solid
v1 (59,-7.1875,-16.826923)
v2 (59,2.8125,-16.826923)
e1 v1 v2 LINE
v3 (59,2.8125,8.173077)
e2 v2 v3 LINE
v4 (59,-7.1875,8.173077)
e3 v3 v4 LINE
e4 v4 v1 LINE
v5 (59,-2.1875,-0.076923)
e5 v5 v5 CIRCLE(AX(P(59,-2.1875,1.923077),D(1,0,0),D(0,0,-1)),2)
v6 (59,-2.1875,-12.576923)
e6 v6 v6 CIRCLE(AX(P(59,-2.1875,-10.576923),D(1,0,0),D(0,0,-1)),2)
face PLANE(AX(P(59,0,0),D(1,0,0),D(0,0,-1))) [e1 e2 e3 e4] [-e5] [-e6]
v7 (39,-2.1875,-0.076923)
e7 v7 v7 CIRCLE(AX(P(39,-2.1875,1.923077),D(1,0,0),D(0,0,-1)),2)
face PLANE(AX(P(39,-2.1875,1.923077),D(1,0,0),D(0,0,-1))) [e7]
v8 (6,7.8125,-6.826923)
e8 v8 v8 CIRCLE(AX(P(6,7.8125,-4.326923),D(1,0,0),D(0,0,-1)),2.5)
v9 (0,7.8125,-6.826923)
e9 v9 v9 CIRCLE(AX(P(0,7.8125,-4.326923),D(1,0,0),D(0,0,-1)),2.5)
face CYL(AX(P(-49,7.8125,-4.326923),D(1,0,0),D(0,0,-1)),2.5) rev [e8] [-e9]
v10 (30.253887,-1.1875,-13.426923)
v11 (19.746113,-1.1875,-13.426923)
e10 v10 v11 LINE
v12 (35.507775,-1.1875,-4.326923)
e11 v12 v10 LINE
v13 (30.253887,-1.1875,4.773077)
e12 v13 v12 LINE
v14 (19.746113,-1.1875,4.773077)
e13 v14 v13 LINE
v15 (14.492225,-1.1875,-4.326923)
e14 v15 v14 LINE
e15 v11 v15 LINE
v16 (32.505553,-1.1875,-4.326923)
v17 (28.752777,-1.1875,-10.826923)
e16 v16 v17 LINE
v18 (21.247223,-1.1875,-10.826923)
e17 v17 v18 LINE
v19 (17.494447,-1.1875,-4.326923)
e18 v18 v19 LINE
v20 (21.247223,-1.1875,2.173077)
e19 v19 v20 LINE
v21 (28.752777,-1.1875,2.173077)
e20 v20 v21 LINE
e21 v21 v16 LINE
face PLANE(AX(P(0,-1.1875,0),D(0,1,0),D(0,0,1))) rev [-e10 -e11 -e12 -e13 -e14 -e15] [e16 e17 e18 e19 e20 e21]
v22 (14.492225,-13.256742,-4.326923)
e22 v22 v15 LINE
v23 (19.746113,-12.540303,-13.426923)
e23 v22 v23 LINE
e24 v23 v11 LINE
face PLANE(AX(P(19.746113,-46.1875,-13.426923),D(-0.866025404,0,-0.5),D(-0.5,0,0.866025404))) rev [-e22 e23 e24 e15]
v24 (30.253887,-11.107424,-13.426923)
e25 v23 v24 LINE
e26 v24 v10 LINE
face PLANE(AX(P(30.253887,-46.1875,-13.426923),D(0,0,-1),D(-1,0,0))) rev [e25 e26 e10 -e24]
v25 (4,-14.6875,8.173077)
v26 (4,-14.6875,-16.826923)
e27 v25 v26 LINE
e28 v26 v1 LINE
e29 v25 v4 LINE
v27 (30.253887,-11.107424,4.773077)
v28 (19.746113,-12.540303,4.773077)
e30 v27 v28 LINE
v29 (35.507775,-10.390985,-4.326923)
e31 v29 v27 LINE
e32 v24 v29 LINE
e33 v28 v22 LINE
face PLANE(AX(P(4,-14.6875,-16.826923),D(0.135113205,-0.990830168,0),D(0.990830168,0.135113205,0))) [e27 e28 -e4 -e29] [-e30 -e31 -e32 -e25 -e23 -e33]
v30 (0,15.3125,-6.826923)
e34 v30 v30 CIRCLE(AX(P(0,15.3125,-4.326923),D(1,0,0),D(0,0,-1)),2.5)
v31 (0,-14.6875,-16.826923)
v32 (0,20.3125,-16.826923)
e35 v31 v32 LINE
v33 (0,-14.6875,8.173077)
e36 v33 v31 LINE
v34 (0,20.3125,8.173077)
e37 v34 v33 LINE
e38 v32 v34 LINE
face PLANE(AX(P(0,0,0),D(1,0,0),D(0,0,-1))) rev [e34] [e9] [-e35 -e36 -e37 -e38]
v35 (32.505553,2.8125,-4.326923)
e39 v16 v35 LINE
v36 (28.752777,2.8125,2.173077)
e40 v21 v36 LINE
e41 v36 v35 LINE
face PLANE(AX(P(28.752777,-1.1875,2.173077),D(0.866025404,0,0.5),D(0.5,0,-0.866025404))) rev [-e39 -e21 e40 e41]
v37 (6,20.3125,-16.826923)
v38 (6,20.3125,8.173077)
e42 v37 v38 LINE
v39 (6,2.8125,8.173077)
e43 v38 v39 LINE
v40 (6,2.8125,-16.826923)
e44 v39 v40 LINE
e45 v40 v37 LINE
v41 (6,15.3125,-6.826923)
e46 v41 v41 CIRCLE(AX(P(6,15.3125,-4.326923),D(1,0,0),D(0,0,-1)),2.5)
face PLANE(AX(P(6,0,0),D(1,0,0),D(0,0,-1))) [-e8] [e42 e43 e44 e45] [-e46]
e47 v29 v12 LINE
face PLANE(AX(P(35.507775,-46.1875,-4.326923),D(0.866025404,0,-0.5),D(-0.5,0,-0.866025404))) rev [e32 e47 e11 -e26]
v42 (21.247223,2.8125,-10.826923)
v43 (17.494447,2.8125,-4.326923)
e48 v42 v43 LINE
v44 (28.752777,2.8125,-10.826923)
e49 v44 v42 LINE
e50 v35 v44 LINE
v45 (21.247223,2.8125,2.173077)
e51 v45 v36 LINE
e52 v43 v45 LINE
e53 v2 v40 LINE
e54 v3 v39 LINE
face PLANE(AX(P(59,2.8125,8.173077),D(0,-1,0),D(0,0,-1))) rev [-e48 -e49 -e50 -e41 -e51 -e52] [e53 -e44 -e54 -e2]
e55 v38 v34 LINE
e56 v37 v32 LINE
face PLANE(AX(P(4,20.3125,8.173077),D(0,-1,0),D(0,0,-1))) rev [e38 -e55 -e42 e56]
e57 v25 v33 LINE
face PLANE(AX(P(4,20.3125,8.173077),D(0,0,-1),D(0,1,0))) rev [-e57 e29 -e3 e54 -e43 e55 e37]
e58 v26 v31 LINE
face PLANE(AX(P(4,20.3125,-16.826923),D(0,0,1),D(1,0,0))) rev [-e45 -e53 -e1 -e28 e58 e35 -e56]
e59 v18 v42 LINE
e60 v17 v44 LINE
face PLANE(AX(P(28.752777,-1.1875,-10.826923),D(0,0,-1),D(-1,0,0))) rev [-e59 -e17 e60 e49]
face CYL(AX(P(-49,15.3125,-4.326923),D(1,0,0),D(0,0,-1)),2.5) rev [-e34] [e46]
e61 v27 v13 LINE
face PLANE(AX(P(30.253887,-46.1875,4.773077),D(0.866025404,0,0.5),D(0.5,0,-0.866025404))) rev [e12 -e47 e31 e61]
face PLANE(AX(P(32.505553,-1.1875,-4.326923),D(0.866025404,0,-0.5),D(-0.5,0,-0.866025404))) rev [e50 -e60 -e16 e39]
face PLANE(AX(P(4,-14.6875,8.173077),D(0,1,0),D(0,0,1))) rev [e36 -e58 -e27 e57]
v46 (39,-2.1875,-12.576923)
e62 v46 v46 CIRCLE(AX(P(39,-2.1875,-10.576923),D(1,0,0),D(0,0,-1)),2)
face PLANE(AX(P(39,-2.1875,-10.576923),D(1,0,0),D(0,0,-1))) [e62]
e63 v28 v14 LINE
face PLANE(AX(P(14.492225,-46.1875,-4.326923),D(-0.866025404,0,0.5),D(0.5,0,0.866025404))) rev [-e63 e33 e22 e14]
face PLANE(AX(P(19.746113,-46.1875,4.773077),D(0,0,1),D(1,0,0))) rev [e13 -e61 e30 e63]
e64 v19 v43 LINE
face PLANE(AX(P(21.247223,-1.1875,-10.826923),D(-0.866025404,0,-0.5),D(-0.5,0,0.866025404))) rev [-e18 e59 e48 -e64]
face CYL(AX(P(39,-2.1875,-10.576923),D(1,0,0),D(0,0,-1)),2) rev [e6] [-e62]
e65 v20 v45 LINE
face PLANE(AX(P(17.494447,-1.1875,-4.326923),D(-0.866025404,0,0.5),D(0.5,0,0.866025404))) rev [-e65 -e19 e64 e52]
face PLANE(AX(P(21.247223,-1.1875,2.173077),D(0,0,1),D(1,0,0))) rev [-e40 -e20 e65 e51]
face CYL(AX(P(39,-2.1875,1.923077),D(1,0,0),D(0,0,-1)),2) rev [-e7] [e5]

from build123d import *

# Parameters (mm, degrees)
CROQUIS3_W              = 25
CROQUIS3_H              = 35
SALIENTE_EXTRUIR2_DEPTH = 4
CROQUIS5_W              = 25
CROQUIS5_H              = 17.5
SALIENTE_EXTRUIR3_DEPTH = 2
CROQUIS7_W              = 25
CROQUIS7_H              = 10
SALIENTE_EXTRUIR5_DEPTH = 55
CROQUIS8_R              = 2.5
CORTAR_EXTRUIR1_DEPTH   = 55
SALIENTE_EXTRUIR6_DEPTH = 25
CORTAR_EXTRUIR3_DEPTH   = 4
CROQUIS11_R             = 2
CORTAR_EXTRUIR4_DEPTH   = 20
CORTAR_EXTRUIR5_DEPTH   = 45


with BuildPart() as part:
    # Croquis3 → Saliente-Extruir2 (new body)
    with BuildSketch(Plane(origin=(0, 0, 0), x_dir=(0, 0, -1), z_dir=(1, 0, 0))):
        with Locations((4.326923077, 2.8125)):
            Rectangle(CROQUIS3_W, CROQUIS3_H)
    extrude(amount=SALIENTE_EXTRUIR2_DEPTH)

    # Croquis5 → Saliente-Extruir3 (add)
    with BuildSketch(Plane(origin=(4, 0, 0), x_dir=(0, 0, -1), z_dir=(1, 0, 0))):
        with Locations((4.326923077, 11.5625)):
            Rectangle(CROQUIS5_W, CROQUIS5_H)
    extrude(amount=SALIENTE_EXTRUIR3_DEPTH)

    # Croquis7 → Saliente-Extruir5 (add)
    with BuildSketch(Plane(origin=(4, 0, 0), x_dir=(0, 0, -1), z_dir=(1, 0, 0))):
        with Locations((4.326923077, -2.1875)):
            Rectangle(CROQUIS7_W, CROQUIS7_H)
    extrude(amount=SALIENTE_EXTRUIR5_DEPTH)

    # Croquis8 → Cortar-Extruir1 (cut)
    with BuildSketch(Plane(origin=(6, 0, 0), x_dir=(0, 0, -1), z_dir=(1, 0, 0))):
        with Locations((4.326923077, 15.3125)):
            Circle(CROQUIS8_R)
        with Locations((4.326923077, 7.8125)):
            Circle(CROQUIS8_R)
    extrude(amount=-CORTAR_EXTRUIR1_DEPTH, mode=Mode.SUBTRACT)

    # Croquis10 → Saliente-Extruir6 (add, through all)
    with BuildSketch(Plane.XY.offset(8.173076923)):
        Polygon((4, -14.6875), (59, -7.1875), (4, -7.1875), align=None)
    extrude(amount=-SALIENTE_EXTRUIR6_DEPTH)

    # Croquis9 → Cortar-Extruir3 (cut)
    with BuildSketch(Plane(origin=(0, 2.8125, 0), x_dir=(1, 0, 0), z_dir=(0, 1, 0))):
        Polygon((32.505553499, 4.326923077), (28.75277675, 10.826923077), (21.24722325, 10.826923077), (17.494446501, 4.326923077), (21.24722325, -2.173076923), (28.75277675, -2.173076923), align=None)
    extrude(amount=-CORTAR_EXTRUIR3_DEPTH, mode=Mode.SUBTRACT)

    # Croquis11 → Cortar-Extruir4 (cut)
    with BuildSketch(Plane(origin=(59, 0, 0), x_dir=(0, 0, -1), z_dir=(1, 0, 0))):
        with Locations((-1.923076923, -2.1875)):
            Circle(CROQUIS11_R)
        with Locations((10.576923077, -2.1875)):
            Circle(CROQUIS11_R)
    extrude(amount=-CORTAR_EXTRUIR4_DEPTH, mode=Mode.SUBTRACT)

    # Croquis12 → Cortar-Extruir5 (cut)
    with BuildSketch(Plane(origin=(0, -1.1875, 0), x_dir=(1, 0, 0), z_dir=(0, 1, 0))):
        Polygon((30.25388745, 13.426923077), (19.74611255, 13.426923077), (14.492225101, 4.326923077), (19.74611255, -4.773076923), (30.25388745, -4.773076923), (35.507774899, 4.326923077), align=None)
    extrude(amount=-CORTAR_EXTRUIR5_DEPTH, mode=Mode.SUBTRACT)


solid = part.part
